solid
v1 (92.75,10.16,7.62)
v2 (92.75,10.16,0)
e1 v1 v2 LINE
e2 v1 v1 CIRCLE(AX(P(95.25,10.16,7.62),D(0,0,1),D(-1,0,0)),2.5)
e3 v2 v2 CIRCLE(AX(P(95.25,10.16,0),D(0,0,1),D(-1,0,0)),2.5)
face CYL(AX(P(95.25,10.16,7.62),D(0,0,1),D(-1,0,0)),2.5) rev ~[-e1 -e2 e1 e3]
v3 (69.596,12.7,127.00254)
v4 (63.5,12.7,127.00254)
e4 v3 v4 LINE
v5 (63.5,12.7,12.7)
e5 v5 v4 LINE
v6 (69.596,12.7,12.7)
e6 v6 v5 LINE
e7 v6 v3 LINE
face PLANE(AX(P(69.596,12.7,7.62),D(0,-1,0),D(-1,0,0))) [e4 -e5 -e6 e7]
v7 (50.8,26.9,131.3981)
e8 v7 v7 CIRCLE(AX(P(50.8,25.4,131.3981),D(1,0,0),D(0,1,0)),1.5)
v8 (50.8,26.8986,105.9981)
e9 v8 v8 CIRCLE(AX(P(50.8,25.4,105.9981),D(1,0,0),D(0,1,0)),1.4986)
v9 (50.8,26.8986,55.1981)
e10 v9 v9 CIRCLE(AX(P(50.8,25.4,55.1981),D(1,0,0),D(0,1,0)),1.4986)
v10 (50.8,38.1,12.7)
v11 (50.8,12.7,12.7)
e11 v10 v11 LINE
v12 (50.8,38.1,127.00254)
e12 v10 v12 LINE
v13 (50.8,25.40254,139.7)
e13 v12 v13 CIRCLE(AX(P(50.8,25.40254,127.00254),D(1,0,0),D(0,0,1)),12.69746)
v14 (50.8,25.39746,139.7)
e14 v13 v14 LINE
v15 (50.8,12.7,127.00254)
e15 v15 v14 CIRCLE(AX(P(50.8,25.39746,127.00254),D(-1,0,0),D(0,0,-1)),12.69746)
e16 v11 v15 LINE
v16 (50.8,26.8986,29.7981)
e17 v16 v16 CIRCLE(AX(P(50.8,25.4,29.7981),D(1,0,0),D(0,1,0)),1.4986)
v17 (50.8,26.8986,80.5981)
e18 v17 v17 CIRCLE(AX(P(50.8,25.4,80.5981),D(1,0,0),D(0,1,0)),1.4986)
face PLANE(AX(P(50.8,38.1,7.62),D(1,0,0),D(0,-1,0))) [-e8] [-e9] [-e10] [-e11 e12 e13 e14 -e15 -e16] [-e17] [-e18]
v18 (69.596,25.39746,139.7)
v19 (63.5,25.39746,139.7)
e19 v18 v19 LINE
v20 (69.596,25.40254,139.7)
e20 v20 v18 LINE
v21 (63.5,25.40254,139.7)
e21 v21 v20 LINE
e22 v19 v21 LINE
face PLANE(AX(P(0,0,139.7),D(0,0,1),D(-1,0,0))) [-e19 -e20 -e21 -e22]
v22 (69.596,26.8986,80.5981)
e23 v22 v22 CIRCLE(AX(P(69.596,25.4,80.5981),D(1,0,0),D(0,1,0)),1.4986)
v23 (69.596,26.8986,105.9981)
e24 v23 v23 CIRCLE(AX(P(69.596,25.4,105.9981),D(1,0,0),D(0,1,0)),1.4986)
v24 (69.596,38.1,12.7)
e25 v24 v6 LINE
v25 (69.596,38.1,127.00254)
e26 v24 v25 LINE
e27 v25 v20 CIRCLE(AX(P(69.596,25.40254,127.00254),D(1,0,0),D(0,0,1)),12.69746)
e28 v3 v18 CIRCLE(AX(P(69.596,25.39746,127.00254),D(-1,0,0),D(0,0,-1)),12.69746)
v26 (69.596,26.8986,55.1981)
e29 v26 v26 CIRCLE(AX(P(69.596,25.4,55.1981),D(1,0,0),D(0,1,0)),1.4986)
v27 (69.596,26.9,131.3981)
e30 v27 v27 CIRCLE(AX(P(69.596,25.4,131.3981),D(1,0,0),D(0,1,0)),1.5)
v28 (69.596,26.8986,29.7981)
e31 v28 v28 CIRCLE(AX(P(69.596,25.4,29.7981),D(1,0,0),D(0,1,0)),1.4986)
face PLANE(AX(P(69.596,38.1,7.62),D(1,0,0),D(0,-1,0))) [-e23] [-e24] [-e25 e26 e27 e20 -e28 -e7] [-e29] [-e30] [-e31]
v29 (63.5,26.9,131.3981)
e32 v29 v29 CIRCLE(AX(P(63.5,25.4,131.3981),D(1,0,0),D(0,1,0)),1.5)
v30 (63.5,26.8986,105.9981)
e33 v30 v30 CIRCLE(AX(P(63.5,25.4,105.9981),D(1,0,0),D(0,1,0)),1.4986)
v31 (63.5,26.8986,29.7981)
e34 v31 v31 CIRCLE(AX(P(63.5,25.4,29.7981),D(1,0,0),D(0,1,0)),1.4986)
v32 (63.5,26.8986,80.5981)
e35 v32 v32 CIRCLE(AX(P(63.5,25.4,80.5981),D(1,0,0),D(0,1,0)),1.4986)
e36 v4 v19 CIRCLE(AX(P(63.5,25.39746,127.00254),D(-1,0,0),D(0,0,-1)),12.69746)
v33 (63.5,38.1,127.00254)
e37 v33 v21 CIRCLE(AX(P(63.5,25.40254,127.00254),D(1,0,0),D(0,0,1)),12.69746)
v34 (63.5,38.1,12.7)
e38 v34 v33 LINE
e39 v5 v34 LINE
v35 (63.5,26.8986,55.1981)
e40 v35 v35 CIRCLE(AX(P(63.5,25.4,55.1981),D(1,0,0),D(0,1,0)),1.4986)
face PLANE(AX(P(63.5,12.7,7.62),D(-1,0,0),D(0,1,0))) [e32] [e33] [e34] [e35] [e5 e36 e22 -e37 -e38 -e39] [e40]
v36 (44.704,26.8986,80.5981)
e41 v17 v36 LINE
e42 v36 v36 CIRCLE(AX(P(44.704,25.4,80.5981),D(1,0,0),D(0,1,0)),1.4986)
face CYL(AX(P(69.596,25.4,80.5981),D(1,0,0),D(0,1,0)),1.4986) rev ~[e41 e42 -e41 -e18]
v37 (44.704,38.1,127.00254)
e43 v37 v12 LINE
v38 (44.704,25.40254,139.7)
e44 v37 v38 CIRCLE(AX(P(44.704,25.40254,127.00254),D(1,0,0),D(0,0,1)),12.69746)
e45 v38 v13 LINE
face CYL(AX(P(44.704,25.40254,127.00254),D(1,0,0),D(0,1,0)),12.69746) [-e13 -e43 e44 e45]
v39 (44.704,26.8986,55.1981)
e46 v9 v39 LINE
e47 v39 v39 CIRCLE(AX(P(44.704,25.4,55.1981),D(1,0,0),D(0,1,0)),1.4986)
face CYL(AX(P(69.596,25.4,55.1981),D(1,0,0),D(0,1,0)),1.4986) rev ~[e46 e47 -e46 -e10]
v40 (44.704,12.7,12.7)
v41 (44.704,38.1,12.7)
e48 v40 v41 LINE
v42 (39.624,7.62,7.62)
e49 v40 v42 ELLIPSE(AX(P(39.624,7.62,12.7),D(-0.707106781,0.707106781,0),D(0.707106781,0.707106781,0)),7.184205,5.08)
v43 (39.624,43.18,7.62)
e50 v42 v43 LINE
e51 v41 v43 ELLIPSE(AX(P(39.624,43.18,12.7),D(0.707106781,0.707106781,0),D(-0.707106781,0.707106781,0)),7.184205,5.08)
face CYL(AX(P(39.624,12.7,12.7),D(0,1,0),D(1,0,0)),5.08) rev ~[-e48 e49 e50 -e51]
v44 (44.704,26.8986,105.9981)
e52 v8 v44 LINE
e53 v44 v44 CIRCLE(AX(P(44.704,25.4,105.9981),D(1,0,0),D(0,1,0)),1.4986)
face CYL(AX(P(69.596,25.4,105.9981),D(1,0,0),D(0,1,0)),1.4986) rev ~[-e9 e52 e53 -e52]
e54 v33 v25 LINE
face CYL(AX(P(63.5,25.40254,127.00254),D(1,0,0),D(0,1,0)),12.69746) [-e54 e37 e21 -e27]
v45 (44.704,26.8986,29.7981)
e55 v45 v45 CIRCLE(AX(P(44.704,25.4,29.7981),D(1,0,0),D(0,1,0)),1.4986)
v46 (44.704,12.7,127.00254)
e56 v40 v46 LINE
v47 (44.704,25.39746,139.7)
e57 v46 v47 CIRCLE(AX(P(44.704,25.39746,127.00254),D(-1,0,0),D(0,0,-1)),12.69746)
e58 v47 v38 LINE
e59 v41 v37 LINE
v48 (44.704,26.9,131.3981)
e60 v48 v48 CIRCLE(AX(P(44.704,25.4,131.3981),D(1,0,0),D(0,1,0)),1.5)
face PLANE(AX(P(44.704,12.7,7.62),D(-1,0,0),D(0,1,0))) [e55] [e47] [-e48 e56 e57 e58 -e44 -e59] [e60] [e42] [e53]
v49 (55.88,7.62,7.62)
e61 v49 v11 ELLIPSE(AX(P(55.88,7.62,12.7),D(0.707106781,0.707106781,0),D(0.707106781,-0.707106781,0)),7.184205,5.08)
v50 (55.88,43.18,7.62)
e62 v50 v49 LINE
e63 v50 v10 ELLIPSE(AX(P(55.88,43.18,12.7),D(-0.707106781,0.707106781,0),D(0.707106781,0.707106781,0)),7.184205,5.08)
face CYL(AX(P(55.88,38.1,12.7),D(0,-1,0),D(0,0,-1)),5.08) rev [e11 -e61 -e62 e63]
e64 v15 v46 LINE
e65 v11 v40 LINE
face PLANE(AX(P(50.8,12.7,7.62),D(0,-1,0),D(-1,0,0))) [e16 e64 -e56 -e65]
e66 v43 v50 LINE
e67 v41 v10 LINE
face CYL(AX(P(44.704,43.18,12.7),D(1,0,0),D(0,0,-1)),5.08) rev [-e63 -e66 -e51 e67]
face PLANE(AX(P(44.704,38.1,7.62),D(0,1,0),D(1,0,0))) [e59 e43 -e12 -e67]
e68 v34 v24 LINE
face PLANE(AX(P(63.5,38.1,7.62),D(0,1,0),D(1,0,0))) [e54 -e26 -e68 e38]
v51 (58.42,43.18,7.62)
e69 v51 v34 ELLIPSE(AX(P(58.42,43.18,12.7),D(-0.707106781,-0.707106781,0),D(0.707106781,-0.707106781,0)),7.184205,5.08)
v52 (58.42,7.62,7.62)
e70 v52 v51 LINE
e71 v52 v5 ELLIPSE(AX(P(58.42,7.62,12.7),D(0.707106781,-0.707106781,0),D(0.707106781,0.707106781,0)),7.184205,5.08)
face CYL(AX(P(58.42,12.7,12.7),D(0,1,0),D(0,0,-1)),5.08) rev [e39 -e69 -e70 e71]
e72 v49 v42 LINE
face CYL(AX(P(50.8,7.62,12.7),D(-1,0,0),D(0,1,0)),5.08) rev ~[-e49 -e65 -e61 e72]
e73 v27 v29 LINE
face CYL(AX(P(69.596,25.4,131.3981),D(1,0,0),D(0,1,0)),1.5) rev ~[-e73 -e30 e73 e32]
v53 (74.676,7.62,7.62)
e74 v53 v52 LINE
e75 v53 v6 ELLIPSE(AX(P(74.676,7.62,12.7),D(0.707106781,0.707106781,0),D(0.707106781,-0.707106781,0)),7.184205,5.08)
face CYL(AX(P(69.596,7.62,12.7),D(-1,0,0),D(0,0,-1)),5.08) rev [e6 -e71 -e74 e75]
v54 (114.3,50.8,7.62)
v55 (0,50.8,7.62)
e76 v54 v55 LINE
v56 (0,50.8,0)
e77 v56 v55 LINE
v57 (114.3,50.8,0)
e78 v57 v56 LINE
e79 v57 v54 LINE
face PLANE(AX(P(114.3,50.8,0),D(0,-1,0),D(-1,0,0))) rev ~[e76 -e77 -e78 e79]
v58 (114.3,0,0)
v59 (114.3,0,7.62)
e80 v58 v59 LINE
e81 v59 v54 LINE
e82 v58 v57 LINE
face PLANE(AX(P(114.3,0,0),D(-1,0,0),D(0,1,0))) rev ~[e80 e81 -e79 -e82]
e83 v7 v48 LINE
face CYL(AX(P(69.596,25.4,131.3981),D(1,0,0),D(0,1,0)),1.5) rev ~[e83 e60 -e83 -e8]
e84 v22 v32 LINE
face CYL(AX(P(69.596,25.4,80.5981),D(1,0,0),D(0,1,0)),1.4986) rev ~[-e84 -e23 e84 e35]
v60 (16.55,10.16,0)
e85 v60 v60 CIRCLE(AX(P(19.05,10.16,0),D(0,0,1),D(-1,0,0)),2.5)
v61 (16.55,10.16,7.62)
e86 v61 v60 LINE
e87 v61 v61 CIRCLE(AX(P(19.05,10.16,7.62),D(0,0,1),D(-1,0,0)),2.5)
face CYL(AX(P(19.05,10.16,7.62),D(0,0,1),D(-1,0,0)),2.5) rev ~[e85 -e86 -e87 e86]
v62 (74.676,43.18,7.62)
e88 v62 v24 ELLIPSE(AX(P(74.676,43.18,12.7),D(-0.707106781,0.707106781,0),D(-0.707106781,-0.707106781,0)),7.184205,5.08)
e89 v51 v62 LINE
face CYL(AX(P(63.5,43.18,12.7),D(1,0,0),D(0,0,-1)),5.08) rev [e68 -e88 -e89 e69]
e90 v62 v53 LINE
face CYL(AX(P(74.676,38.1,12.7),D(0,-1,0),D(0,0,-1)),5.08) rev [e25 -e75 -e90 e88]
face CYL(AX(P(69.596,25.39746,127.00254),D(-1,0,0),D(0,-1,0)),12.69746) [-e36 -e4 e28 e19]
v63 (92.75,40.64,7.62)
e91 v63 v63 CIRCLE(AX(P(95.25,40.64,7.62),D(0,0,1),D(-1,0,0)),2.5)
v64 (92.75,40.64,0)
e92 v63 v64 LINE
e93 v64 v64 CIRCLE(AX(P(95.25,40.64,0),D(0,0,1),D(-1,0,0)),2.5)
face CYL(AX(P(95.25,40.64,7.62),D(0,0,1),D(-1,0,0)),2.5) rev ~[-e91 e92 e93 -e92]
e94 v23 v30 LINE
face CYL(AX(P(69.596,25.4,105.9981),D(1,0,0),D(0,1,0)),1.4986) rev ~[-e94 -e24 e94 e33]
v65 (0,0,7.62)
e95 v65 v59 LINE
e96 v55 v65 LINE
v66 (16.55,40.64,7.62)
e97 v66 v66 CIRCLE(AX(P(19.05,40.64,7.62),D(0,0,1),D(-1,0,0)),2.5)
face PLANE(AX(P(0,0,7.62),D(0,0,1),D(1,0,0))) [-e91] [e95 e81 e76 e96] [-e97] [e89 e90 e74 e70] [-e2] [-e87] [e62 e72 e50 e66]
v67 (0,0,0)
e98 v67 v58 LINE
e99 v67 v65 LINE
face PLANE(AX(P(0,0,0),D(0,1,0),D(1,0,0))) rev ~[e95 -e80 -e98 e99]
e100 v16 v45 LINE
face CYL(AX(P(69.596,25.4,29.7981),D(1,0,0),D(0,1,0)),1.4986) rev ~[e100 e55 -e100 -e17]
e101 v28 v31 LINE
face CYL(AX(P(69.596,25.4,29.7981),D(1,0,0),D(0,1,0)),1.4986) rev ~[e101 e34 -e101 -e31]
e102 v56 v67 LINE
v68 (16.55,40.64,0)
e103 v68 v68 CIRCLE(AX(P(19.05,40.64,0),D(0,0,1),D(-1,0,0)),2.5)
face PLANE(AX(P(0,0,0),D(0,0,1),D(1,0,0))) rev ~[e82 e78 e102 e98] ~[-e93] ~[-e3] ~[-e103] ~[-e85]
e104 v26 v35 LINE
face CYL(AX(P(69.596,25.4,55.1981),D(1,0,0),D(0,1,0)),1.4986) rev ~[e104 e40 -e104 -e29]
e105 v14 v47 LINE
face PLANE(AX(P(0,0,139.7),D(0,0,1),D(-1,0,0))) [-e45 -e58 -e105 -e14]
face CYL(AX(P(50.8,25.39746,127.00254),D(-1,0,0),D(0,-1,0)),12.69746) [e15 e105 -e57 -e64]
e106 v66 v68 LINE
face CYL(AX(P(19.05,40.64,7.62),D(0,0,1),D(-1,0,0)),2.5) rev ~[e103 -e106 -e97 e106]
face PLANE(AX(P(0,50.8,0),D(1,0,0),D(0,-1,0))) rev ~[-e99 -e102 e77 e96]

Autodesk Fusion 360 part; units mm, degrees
sketch "Sketch1" plane through (0, 0, 0) normal (0, 0, 1) x (1, 0, 0)
  line L0 (0, 0) -> (114.3, 0)
  line L1 (114.3, 0) -> (114.3, 50.8)
  line L2 (114.3, 50.8) -> (0, 50.8)
  line L3 (0, 50.8) -> (0, 0)
  point P0 (114.3, 25.4)
  point P1 (57.15, 0)
  dimension "d1" = 114.3
  dimension "d4" = 50.8
extrude "Extrude4" add sketch "Sketch1" along normal blind 7.62
sketch "Sketch2" plane through (0, 0, 7.62) normal (0, 0, 1) x (-1, 0, 0)
  line L0 (0, -50.8) -> (0, 0)
  line L1 (0, 0) -> (-114.3, 0)
  line L2 (-114.3, 0) -> (-114.3, -50.8)
  line L3 (-114.3, -50.8) -> (0, -50.8)
  line L4 (-44.704, -38.1) -> (-69.596, -38.1)
  line L5 (-69.596, -38.1) -> (-69.596, -12.7)
  line L6 (-69.596, -12.7) -> (-44.704, -12.7)
  line L7 (-44.704, -12.7) -> (-44.704, -38.1)
  line L8 (-63.5, -38.1) -> (-50.8, -38.1)
  line L9 (-50.8, -38.1) -> (-50.8, -12.7)
  line L10 (-50.8, -12.7) -> (-63.5, -12.7)
  line L11 (-63.5, -12.7) -> (-63.5, -38.1)
  line L12 (-63.5, -38.1) -> (-50.8, -12.7) construction
  line L13 (-50.8, -38.1) -> (-63.5, -12.7) construction
  circle A0 centre (-19.05, -40.64) radius 2.5
  line L14 (-57.15, -50.8) -> (-57.15, 0) construction
  line L15 (0, -25.4) -> (-114.3, -25.4) construction
  circle A1 centre (-95.25, -40.64) radius 2.5
  circle A2 centre (-19.05, -10.16) radius 2.5
  circle A3 centre (-95.25, -10.16) radius 2.5
  point P0 (-57.15, -38.1)
  point P1 (-69.596, -25.4)
  point P2 (-114.3, -25.4)
  point P3 (-57.15, 0)
  point P4 (-57.15, -25.4)
  dimension "d15" = 25.4
  dimension "d23" = 12.7
  dimension "d24" = 5
  dimension "d25" = 76.2
  dimension "d26" = 30.48
  dimension "d27" = 15.24
  dimension "d43" = 6.096
  dimension "d45" = 6.096
extrude "Extrude5" add sketch "Sketch2" along normal blind 132.08 contours L4 L6 L7 L9 | L4 L5 L6 L11
sketch "Sketch3" plane through (69.596, 0, 0) normal (1, 0, 0) x (0, 1, 0)
  line L0 (12.7, 7.62) -> (38.1, 7.62)
  line L1 (38.1, 7.62) -> (38.1, 139.7)
  line L2 (38.1, 139.7) -> (12.7, 139.7)
  line L3 (12.7, 139.7) -> (12.7, 7.62)
  circle A0 centre (25.4, 131.3981) radius 1.5
  circle A1 centre (25.4, 105.9981) radius 1.4986
  line L4 (25.4, 7.62) -> (25.4, 27.94) construction
  circle A2 centre (25.4, 80.5981) radius 1.4986
  circle A3 centre (25.4, 55.1981) radius 1.4986
  circle A4 centre (25.4, 29.7981) radius 1.4986
  point P0 (25.4, 139.7)
  dimension "d19" = 3
  dimension "d20" = 2.9972
  dimension "d21" = 25.4
  dimension "d37" = 2.9972
  dimension "d38" = 2.9972
  dimension "d39" = 2.9972
  dimension "d40" = 25.4
  dimension "d41" = 25.4
  dimension "d42" = 25.4
extrude "Extrude6" cut sketch "Sketch3" against normal through all contours A0 | A1 | A2 | A3 | A4
extrude "Extrude7" cut sketch "Sketch2" against normal through all contours A0 | A1 | A2 | A3
fillet "Fillet9" radius 12.7 4 edges at (66.548, 12.7, 139.7) (47.752, 12.7, 139.7) (47.752, 38.1, 139.7) (66.548, 38.1, 139.7)
fillet "Fillet10" radius 5.08 8 edges at (69.596, 25.4, 7.62) (66.548, 38.1, 7.62) (63.5, 25.4, 7.62) (44.704, 25.4, 7.62) (47.752, 38.1, 7.62) (50.8, 25.4, 7.62) (47.752, 12.7, 7.62) (66.548, 12.7, 7.62)
equation "d37 = d20"
equation "d38 = d20"
equation "d39 = d20"
equation "d45 = d43"
